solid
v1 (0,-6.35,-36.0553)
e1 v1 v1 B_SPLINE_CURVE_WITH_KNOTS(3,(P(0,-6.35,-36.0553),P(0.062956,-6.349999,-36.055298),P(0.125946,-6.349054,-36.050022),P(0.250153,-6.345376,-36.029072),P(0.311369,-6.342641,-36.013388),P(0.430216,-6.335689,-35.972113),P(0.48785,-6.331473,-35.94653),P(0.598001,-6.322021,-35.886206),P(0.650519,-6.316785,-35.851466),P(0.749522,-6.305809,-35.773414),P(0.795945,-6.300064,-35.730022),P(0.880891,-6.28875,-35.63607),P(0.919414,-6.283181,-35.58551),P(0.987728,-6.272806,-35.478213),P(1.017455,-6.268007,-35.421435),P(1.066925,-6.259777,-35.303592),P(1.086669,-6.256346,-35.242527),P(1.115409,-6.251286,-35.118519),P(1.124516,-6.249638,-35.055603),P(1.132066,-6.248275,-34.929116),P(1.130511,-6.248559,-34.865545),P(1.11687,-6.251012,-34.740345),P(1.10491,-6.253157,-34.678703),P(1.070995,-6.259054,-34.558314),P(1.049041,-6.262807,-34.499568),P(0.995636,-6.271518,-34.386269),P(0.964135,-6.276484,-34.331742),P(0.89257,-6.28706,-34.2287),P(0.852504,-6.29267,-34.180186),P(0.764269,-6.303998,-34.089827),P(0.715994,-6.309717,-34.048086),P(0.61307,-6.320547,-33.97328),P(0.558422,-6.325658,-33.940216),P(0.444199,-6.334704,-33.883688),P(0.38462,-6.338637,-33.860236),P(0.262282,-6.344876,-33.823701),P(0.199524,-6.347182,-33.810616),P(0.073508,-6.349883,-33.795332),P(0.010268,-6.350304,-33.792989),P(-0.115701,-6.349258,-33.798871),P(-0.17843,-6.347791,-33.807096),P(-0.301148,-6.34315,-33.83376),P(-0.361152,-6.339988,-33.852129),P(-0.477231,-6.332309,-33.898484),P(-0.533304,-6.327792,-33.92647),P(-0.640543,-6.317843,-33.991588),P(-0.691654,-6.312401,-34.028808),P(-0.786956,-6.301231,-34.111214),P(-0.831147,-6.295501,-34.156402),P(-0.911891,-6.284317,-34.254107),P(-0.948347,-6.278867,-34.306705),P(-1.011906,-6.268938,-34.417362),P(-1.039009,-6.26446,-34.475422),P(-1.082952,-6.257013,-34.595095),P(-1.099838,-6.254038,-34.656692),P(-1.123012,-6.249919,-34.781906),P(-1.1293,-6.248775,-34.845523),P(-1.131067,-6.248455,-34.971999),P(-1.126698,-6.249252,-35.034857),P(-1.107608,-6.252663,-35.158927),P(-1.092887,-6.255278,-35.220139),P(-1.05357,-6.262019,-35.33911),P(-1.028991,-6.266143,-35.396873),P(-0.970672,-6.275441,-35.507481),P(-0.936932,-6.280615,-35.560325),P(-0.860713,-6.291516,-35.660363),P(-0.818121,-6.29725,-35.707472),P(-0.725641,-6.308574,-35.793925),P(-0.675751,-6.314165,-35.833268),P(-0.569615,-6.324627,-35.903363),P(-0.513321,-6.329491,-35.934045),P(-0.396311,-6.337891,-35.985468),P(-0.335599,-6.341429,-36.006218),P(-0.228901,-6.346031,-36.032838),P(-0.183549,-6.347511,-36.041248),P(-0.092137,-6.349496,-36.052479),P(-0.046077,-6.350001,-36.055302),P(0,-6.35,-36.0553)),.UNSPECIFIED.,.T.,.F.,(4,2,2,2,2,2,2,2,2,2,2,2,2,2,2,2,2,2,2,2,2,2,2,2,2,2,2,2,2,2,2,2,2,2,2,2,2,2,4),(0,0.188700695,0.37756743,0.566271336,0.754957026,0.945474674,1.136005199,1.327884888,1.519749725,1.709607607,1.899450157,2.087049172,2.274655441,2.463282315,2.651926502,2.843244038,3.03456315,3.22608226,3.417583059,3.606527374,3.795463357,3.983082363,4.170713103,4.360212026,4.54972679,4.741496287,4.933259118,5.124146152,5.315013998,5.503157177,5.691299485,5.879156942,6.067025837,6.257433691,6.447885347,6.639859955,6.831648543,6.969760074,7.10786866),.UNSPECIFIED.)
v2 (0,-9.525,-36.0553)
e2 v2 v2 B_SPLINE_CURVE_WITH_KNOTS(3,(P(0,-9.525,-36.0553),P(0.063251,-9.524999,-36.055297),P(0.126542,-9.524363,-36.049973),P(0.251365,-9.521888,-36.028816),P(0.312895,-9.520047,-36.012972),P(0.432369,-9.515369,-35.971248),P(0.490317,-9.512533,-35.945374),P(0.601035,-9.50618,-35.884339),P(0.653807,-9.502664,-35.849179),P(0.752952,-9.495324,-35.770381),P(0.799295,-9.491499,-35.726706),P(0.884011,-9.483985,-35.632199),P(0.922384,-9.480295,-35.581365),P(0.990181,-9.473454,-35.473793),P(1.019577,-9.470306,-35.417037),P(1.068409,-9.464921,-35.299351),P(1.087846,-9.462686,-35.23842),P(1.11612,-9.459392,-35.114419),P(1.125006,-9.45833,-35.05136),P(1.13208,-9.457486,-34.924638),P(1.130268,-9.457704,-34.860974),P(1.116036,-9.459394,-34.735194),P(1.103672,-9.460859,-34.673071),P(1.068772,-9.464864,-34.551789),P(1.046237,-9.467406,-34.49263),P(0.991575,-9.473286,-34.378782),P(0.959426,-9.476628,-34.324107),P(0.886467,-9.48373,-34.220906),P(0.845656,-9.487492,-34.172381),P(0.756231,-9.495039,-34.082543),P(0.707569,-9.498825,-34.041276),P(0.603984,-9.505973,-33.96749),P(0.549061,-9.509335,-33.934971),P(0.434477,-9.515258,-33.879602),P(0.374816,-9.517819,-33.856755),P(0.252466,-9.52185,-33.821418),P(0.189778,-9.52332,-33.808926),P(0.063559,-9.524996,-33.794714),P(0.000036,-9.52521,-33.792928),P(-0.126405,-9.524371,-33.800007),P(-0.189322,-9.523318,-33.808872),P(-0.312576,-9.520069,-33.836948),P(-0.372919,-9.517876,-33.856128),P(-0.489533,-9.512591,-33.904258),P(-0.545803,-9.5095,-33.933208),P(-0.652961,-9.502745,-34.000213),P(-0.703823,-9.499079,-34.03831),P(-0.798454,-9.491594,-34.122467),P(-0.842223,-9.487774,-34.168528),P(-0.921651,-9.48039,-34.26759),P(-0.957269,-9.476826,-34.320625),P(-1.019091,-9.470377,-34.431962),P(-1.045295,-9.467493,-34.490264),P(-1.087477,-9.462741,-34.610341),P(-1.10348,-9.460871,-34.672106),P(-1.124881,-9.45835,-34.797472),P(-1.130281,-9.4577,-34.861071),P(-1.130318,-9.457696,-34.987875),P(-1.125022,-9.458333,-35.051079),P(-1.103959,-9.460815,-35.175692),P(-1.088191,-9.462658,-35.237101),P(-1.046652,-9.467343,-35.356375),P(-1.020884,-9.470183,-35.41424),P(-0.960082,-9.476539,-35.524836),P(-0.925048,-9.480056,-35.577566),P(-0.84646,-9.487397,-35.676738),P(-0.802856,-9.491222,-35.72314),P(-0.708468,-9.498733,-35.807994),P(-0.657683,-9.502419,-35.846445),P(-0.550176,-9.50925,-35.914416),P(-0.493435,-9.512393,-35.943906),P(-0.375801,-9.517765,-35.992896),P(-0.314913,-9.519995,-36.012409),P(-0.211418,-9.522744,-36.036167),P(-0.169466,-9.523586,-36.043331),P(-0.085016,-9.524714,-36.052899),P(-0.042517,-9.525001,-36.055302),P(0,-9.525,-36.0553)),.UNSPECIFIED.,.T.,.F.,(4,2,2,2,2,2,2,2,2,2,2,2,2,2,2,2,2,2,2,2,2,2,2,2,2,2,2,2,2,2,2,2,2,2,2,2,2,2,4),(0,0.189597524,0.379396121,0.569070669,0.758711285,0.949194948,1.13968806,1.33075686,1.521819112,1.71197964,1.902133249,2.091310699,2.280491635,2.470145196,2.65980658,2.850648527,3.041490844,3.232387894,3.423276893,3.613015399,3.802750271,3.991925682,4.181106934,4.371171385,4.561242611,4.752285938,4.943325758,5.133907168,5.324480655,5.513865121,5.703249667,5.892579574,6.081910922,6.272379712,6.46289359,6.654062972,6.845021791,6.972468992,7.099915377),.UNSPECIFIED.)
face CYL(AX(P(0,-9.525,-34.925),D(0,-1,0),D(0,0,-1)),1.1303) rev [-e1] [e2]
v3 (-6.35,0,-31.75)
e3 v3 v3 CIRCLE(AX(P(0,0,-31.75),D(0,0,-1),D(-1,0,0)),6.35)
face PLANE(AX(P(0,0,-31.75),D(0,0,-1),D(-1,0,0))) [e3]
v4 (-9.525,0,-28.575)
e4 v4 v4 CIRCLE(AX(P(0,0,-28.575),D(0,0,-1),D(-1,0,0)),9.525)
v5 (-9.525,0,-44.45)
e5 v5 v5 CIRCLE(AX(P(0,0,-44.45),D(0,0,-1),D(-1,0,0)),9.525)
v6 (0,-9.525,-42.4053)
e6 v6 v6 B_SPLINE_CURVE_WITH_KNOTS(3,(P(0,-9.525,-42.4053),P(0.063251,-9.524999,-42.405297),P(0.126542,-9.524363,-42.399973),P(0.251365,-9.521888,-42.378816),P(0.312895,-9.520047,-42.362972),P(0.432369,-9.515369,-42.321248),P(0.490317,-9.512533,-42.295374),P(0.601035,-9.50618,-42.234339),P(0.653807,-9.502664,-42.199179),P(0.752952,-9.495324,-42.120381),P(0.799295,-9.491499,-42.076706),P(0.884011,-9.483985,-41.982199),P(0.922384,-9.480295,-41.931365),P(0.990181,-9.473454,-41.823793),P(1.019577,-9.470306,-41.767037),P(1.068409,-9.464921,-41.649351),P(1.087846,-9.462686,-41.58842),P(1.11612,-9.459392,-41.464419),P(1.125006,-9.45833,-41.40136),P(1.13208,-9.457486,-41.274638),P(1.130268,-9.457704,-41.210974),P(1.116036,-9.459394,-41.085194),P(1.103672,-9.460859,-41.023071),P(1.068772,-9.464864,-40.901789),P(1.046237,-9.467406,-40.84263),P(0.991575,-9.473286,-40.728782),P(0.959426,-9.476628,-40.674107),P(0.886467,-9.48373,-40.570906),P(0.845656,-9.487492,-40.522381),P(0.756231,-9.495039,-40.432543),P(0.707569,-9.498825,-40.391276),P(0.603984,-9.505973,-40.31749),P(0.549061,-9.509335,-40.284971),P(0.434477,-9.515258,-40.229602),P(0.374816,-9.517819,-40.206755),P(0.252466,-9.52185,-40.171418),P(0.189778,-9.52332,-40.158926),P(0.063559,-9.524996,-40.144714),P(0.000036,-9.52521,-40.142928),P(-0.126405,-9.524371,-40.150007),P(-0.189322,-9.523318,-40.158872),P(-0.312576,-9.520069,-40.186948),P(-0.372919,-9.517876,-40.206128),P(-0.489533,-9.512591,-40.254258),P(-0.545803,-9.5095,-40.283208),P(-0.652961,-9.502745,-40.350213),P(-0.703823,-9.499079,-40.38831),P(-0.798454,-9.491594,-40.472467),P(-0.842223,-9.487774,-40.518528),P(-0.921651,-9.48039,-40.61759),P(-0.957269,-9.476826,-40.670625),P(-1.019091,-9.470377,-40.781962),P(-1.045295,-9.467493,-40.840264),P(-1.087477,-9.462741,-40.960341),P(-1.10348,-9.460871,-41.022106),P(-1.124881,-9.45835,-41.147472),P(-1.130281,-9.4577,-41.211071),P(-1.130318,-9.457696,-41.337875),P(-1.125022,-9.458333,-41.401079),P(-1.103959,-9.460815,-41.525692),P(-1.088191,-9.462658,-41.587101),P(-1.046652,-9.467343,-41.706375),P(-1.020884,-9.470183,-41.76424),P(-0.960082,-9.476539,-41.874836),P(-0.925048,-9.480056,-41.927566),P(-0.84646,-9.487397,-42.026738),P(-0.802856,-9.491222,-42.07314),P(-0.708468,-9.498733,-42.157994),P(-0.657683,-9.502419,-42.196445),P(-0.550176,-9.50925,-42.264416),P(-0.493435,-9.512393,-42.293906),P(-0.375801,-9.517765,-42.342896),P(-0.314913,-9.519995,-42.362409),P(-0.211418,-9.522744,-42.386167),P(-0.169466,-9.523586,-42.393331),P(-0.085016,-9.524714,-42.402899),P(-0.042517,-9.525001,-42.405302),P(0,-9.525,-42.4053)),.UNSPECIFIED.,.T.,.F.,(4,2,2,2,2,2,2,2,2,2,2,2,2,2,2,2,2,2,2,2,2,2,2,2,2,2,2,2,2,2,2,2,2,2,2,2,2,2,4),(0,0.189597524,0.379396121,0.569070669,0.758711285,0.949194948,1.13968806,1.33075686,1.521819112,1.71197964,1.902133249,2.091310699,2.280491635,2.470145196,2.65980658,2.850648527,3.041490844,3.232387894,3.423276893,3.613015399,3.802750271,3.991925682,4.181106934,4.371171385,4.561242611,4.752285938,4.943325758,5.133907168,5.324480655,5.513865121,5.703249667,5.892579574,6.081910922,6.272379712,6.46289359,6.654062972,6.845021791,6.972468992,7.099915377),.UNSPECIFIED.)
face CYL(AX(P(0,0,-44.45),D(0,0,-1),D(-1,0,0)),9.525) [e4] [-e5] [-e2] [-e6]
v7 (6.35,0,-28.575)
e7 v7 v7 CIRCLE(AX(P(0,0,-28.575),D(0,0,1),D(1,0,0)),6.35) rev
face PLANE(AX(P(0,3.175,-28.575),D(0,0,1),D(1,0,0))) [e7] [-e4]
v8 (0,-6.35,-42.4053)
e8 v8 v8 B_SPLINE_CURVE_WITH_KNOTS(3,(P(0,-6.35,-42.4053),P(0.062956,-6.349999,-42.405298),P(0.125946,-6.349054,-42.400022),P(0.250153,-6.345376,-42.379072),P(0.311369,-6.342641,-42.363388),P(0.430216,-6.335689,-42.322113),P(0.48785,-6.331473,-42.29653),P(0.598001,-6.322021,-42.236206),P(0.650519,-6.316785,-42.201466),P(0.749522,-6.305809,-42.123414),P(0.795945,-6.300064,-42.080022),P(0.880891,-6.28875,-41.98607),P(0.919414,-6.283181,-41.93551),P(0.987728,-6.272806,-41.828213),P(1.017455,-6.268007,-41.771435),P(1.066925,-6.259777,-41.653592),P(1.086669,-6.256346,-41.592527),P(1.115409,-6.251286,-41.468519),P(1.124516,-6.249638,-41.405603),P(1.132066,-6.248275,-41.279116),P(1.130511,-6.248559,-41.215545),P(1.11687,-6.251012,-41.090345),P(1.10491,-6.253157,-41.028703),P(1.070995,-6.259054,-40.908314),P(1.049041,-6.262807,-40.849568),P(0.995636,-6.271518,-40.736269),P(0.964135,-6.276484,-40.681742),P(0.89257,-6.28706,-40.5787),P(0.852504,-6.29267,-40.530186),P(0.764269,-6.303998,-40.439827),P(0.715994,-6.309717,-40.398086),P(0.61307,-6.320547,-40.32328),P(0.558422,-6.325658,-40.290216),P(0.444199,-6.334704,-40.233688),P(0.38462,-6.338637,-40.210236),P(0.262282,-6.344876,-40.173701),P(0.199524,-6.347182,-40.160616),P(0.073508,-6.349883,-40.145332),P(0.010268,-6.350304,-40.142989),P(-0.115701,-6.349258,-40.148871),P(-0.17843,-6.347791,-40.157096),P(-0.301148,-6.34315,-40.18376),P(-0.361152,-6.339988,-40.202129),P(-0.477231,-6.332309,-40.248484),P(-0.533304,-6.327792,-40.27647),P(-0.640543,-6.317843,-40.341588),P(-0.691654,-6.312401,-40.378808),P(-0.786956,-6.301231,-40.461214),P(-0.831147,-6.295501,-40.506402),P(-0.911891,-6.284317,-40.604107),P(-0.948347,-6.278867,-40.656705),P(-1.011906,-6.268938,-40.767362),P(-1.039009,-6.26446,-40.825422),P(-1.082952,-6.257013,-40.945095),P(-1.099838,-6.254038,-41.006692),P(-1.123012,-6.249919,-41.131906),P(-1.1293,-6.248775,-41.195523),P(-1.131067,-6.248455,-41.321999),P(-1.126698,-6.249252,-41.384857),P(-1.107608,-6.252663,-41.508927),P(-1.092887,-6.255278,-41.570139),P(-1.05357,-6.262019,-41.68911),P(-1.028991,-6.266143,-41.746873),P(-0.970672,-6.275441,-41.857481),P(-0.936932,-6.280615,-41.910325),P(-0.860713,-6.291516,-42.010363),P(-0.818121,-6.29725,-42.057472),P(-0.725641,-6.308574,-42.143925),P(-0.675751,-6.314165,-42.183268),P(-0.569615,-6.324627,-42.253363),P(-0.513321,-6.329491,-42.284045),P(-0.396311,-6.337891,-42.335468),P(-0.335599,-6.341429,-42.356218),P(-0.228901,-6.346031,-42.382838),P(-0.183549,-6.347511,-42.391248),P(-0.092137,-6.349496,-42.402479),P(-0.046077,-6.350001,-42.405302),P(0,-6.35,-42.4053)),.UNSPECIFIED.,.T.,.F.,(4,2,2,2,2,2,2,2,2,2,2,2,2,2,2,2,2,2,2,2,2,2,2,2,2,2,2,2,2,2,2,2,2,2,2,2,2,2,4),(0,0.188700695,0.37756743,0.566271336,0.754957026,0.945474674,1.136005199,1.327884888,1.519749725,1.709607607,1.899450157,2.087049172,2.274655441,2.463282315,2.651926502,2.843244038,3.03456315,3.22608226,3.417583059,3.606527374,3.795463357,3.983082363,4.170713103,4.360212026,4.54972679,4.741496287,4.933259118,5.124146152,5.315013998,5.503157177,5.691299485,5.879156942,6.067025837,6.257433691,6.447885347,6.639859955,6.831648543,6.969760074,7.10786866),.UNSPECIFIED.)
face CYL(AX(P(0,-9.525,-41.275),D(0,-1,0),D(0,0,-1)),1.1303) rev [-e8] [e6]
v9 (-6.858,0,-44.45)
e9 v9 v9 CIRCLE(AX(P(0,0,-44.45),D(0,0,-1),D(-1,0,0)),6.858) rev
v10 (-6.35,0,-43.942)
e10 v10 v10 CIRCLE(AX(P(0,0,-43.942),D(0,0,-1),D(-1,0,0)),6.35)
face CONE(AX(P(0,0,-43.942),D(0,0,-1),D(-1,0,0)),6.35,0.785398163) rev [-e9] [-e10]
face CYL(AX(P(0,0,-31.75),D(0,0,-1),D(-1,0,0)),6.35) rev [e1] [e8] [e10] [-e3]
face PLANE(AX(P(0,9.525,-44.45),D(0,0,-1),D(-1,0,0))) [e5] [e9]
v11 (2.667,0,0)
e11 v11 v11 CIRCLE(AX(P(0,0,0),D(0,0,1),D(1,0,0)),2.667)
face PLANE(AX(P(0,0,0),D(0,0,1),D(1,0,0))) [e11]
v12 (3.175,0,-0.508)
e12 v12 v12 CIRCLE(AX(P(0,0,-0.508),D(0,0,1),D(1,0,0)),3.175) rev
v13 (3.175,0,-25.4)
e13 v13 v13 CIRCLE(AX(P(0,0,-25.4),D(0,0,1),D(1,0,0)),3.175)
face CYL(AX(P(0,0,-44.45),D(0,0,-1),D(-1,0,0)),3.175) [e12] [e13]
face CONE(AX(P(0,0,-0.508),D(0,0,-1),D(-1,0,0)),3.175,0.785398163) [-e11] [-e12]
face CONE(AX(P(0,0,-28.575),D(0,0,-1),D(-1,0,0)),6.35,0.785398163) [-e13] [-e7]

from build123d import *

# Parameters (mm, degrees)
SKETCH4_R                  = 6.35
SHAFT_BORE_DEPTH           = 12.7
F_4_40_TAPPED_HOLE1_REACH  = 51.289
F_4_40_TAPPED_HOLE1_BORE_R = 1.1303
CHAMFER1_SIZE              = 0.508
CHAMFER2_SIZE              = 3.175
CHAMFER3_SIZE              = 0.508


with BuildPart() as part:
    # Sketch → Shaft (revolve)
    with BuildSketch(Plane(origin=(0, 0, 0), x_dir=(0, 0, -1), z_dir=(1, 0, 0)), mode=Mode.PRIVATE) as shaft_sk:
        Polygon((0, 0), (0, 3.175), (28.575, 3.175), (28.575, 9.525), (44.45, 9.525), (44.45, 0), align=None)
    revolve(shaft_sk.sketch.rotate(Axis((0, 0, -44.45), (0, 0, 1)), 90), axis=Axis((0, 0, -44.45), (0, 0, 1)))

    # Sketch4 → Shaft Bore (cut)
    with BuildSketch(Plane(origin=(0, 0, -44.45), x_dir=(-1, 0, 0), z_dir=(0, 0, -1))):
        Circle(SKETCH4_R)
    extrude(amount=-SHAFT_BORE_DEPTH, mode=Mode.SUBTRACT)

    # #4-40 Tapped Hole1 bore → #4-40 Tapped Hole1 (cut, up to next)
    with BuildSketch(Plane(origin=(0, -9.525, 0), x_dir=(-1, 0, 0), z_dir=(0, -1, 0)), mode=Mode.PRIVATE) as f_4_40_tapped_hole1_sk1:
        with Locations((0, 34.925)):
            Circle(F_4_40_TAPPED_HOLE1_BORE_R)
    f_4_40_tapped_hole1_tool1 = extrude(f_4_40_tapped_hole1_sk1.sketch, amount=-F_4_40_TAPPED_HOLE1_REACH, mode=Mode.PRIVATE) & part.part
    # #4-40 Tapped Hole1 bore → #4-40 Tapped Hole1 (cut, up to next)
    with BuildSketch(Plane(origin=(0, -9.525, 0), x_dir=(-1, 0, 0), z_dir=(0, -1, 0)), mode=Mode.PRIVATE) as f_4_40_tapped_hole1_sk2:
        with Locations((0, 41.275)):
            Circle(F_4_40_TAPPED_HOLE1_BORE_R)
    f_4_40_tapped_hole1_tool2 = extrude(f_4_40_tapped_hole1_sk2.sketch, amount=-F_4_40_TAPPED_HOLE1_REACH, mode=Mode.PRIVATE) & part.part
    add(f_4_40_tapped_hole1_tool1.solids().sort_by_distance((0, -9.525, -34.925))[0], mode=Mode.SUBTRACT)
    add(f_4_40_tapped_hole1_tool2.solids().sort_by_distance((0, -9.525, -41.275))[0], mode=Mode.SUBTRACT)

    # Chamfer1
    chamfer1_edges = [part.edges().sort_by_distance(p)[0] for p in [
        (3.175, 0, 0),
    ]]
    chamfer(chamfer1_edges, length=CHAMFER1_SIZE)

    # Chamfer2
    chamfer2_edges = [part.edges().sort_by_distance(p)[0] for p in [
        (3.175, 0, -28.575),
    ]]
    chamfer(chamfer2_edges, length=CHAMFER2_SIZE)

    # Chamfer3
    chamfer3_edges = [part.edges().sort_by_distance(p)[0] for p in [
        (6.35, 0, -44.45),
    ]]
    chamfer(chamfer3_edges, length=CHAMFER3_SIZE)


solid = part.part
